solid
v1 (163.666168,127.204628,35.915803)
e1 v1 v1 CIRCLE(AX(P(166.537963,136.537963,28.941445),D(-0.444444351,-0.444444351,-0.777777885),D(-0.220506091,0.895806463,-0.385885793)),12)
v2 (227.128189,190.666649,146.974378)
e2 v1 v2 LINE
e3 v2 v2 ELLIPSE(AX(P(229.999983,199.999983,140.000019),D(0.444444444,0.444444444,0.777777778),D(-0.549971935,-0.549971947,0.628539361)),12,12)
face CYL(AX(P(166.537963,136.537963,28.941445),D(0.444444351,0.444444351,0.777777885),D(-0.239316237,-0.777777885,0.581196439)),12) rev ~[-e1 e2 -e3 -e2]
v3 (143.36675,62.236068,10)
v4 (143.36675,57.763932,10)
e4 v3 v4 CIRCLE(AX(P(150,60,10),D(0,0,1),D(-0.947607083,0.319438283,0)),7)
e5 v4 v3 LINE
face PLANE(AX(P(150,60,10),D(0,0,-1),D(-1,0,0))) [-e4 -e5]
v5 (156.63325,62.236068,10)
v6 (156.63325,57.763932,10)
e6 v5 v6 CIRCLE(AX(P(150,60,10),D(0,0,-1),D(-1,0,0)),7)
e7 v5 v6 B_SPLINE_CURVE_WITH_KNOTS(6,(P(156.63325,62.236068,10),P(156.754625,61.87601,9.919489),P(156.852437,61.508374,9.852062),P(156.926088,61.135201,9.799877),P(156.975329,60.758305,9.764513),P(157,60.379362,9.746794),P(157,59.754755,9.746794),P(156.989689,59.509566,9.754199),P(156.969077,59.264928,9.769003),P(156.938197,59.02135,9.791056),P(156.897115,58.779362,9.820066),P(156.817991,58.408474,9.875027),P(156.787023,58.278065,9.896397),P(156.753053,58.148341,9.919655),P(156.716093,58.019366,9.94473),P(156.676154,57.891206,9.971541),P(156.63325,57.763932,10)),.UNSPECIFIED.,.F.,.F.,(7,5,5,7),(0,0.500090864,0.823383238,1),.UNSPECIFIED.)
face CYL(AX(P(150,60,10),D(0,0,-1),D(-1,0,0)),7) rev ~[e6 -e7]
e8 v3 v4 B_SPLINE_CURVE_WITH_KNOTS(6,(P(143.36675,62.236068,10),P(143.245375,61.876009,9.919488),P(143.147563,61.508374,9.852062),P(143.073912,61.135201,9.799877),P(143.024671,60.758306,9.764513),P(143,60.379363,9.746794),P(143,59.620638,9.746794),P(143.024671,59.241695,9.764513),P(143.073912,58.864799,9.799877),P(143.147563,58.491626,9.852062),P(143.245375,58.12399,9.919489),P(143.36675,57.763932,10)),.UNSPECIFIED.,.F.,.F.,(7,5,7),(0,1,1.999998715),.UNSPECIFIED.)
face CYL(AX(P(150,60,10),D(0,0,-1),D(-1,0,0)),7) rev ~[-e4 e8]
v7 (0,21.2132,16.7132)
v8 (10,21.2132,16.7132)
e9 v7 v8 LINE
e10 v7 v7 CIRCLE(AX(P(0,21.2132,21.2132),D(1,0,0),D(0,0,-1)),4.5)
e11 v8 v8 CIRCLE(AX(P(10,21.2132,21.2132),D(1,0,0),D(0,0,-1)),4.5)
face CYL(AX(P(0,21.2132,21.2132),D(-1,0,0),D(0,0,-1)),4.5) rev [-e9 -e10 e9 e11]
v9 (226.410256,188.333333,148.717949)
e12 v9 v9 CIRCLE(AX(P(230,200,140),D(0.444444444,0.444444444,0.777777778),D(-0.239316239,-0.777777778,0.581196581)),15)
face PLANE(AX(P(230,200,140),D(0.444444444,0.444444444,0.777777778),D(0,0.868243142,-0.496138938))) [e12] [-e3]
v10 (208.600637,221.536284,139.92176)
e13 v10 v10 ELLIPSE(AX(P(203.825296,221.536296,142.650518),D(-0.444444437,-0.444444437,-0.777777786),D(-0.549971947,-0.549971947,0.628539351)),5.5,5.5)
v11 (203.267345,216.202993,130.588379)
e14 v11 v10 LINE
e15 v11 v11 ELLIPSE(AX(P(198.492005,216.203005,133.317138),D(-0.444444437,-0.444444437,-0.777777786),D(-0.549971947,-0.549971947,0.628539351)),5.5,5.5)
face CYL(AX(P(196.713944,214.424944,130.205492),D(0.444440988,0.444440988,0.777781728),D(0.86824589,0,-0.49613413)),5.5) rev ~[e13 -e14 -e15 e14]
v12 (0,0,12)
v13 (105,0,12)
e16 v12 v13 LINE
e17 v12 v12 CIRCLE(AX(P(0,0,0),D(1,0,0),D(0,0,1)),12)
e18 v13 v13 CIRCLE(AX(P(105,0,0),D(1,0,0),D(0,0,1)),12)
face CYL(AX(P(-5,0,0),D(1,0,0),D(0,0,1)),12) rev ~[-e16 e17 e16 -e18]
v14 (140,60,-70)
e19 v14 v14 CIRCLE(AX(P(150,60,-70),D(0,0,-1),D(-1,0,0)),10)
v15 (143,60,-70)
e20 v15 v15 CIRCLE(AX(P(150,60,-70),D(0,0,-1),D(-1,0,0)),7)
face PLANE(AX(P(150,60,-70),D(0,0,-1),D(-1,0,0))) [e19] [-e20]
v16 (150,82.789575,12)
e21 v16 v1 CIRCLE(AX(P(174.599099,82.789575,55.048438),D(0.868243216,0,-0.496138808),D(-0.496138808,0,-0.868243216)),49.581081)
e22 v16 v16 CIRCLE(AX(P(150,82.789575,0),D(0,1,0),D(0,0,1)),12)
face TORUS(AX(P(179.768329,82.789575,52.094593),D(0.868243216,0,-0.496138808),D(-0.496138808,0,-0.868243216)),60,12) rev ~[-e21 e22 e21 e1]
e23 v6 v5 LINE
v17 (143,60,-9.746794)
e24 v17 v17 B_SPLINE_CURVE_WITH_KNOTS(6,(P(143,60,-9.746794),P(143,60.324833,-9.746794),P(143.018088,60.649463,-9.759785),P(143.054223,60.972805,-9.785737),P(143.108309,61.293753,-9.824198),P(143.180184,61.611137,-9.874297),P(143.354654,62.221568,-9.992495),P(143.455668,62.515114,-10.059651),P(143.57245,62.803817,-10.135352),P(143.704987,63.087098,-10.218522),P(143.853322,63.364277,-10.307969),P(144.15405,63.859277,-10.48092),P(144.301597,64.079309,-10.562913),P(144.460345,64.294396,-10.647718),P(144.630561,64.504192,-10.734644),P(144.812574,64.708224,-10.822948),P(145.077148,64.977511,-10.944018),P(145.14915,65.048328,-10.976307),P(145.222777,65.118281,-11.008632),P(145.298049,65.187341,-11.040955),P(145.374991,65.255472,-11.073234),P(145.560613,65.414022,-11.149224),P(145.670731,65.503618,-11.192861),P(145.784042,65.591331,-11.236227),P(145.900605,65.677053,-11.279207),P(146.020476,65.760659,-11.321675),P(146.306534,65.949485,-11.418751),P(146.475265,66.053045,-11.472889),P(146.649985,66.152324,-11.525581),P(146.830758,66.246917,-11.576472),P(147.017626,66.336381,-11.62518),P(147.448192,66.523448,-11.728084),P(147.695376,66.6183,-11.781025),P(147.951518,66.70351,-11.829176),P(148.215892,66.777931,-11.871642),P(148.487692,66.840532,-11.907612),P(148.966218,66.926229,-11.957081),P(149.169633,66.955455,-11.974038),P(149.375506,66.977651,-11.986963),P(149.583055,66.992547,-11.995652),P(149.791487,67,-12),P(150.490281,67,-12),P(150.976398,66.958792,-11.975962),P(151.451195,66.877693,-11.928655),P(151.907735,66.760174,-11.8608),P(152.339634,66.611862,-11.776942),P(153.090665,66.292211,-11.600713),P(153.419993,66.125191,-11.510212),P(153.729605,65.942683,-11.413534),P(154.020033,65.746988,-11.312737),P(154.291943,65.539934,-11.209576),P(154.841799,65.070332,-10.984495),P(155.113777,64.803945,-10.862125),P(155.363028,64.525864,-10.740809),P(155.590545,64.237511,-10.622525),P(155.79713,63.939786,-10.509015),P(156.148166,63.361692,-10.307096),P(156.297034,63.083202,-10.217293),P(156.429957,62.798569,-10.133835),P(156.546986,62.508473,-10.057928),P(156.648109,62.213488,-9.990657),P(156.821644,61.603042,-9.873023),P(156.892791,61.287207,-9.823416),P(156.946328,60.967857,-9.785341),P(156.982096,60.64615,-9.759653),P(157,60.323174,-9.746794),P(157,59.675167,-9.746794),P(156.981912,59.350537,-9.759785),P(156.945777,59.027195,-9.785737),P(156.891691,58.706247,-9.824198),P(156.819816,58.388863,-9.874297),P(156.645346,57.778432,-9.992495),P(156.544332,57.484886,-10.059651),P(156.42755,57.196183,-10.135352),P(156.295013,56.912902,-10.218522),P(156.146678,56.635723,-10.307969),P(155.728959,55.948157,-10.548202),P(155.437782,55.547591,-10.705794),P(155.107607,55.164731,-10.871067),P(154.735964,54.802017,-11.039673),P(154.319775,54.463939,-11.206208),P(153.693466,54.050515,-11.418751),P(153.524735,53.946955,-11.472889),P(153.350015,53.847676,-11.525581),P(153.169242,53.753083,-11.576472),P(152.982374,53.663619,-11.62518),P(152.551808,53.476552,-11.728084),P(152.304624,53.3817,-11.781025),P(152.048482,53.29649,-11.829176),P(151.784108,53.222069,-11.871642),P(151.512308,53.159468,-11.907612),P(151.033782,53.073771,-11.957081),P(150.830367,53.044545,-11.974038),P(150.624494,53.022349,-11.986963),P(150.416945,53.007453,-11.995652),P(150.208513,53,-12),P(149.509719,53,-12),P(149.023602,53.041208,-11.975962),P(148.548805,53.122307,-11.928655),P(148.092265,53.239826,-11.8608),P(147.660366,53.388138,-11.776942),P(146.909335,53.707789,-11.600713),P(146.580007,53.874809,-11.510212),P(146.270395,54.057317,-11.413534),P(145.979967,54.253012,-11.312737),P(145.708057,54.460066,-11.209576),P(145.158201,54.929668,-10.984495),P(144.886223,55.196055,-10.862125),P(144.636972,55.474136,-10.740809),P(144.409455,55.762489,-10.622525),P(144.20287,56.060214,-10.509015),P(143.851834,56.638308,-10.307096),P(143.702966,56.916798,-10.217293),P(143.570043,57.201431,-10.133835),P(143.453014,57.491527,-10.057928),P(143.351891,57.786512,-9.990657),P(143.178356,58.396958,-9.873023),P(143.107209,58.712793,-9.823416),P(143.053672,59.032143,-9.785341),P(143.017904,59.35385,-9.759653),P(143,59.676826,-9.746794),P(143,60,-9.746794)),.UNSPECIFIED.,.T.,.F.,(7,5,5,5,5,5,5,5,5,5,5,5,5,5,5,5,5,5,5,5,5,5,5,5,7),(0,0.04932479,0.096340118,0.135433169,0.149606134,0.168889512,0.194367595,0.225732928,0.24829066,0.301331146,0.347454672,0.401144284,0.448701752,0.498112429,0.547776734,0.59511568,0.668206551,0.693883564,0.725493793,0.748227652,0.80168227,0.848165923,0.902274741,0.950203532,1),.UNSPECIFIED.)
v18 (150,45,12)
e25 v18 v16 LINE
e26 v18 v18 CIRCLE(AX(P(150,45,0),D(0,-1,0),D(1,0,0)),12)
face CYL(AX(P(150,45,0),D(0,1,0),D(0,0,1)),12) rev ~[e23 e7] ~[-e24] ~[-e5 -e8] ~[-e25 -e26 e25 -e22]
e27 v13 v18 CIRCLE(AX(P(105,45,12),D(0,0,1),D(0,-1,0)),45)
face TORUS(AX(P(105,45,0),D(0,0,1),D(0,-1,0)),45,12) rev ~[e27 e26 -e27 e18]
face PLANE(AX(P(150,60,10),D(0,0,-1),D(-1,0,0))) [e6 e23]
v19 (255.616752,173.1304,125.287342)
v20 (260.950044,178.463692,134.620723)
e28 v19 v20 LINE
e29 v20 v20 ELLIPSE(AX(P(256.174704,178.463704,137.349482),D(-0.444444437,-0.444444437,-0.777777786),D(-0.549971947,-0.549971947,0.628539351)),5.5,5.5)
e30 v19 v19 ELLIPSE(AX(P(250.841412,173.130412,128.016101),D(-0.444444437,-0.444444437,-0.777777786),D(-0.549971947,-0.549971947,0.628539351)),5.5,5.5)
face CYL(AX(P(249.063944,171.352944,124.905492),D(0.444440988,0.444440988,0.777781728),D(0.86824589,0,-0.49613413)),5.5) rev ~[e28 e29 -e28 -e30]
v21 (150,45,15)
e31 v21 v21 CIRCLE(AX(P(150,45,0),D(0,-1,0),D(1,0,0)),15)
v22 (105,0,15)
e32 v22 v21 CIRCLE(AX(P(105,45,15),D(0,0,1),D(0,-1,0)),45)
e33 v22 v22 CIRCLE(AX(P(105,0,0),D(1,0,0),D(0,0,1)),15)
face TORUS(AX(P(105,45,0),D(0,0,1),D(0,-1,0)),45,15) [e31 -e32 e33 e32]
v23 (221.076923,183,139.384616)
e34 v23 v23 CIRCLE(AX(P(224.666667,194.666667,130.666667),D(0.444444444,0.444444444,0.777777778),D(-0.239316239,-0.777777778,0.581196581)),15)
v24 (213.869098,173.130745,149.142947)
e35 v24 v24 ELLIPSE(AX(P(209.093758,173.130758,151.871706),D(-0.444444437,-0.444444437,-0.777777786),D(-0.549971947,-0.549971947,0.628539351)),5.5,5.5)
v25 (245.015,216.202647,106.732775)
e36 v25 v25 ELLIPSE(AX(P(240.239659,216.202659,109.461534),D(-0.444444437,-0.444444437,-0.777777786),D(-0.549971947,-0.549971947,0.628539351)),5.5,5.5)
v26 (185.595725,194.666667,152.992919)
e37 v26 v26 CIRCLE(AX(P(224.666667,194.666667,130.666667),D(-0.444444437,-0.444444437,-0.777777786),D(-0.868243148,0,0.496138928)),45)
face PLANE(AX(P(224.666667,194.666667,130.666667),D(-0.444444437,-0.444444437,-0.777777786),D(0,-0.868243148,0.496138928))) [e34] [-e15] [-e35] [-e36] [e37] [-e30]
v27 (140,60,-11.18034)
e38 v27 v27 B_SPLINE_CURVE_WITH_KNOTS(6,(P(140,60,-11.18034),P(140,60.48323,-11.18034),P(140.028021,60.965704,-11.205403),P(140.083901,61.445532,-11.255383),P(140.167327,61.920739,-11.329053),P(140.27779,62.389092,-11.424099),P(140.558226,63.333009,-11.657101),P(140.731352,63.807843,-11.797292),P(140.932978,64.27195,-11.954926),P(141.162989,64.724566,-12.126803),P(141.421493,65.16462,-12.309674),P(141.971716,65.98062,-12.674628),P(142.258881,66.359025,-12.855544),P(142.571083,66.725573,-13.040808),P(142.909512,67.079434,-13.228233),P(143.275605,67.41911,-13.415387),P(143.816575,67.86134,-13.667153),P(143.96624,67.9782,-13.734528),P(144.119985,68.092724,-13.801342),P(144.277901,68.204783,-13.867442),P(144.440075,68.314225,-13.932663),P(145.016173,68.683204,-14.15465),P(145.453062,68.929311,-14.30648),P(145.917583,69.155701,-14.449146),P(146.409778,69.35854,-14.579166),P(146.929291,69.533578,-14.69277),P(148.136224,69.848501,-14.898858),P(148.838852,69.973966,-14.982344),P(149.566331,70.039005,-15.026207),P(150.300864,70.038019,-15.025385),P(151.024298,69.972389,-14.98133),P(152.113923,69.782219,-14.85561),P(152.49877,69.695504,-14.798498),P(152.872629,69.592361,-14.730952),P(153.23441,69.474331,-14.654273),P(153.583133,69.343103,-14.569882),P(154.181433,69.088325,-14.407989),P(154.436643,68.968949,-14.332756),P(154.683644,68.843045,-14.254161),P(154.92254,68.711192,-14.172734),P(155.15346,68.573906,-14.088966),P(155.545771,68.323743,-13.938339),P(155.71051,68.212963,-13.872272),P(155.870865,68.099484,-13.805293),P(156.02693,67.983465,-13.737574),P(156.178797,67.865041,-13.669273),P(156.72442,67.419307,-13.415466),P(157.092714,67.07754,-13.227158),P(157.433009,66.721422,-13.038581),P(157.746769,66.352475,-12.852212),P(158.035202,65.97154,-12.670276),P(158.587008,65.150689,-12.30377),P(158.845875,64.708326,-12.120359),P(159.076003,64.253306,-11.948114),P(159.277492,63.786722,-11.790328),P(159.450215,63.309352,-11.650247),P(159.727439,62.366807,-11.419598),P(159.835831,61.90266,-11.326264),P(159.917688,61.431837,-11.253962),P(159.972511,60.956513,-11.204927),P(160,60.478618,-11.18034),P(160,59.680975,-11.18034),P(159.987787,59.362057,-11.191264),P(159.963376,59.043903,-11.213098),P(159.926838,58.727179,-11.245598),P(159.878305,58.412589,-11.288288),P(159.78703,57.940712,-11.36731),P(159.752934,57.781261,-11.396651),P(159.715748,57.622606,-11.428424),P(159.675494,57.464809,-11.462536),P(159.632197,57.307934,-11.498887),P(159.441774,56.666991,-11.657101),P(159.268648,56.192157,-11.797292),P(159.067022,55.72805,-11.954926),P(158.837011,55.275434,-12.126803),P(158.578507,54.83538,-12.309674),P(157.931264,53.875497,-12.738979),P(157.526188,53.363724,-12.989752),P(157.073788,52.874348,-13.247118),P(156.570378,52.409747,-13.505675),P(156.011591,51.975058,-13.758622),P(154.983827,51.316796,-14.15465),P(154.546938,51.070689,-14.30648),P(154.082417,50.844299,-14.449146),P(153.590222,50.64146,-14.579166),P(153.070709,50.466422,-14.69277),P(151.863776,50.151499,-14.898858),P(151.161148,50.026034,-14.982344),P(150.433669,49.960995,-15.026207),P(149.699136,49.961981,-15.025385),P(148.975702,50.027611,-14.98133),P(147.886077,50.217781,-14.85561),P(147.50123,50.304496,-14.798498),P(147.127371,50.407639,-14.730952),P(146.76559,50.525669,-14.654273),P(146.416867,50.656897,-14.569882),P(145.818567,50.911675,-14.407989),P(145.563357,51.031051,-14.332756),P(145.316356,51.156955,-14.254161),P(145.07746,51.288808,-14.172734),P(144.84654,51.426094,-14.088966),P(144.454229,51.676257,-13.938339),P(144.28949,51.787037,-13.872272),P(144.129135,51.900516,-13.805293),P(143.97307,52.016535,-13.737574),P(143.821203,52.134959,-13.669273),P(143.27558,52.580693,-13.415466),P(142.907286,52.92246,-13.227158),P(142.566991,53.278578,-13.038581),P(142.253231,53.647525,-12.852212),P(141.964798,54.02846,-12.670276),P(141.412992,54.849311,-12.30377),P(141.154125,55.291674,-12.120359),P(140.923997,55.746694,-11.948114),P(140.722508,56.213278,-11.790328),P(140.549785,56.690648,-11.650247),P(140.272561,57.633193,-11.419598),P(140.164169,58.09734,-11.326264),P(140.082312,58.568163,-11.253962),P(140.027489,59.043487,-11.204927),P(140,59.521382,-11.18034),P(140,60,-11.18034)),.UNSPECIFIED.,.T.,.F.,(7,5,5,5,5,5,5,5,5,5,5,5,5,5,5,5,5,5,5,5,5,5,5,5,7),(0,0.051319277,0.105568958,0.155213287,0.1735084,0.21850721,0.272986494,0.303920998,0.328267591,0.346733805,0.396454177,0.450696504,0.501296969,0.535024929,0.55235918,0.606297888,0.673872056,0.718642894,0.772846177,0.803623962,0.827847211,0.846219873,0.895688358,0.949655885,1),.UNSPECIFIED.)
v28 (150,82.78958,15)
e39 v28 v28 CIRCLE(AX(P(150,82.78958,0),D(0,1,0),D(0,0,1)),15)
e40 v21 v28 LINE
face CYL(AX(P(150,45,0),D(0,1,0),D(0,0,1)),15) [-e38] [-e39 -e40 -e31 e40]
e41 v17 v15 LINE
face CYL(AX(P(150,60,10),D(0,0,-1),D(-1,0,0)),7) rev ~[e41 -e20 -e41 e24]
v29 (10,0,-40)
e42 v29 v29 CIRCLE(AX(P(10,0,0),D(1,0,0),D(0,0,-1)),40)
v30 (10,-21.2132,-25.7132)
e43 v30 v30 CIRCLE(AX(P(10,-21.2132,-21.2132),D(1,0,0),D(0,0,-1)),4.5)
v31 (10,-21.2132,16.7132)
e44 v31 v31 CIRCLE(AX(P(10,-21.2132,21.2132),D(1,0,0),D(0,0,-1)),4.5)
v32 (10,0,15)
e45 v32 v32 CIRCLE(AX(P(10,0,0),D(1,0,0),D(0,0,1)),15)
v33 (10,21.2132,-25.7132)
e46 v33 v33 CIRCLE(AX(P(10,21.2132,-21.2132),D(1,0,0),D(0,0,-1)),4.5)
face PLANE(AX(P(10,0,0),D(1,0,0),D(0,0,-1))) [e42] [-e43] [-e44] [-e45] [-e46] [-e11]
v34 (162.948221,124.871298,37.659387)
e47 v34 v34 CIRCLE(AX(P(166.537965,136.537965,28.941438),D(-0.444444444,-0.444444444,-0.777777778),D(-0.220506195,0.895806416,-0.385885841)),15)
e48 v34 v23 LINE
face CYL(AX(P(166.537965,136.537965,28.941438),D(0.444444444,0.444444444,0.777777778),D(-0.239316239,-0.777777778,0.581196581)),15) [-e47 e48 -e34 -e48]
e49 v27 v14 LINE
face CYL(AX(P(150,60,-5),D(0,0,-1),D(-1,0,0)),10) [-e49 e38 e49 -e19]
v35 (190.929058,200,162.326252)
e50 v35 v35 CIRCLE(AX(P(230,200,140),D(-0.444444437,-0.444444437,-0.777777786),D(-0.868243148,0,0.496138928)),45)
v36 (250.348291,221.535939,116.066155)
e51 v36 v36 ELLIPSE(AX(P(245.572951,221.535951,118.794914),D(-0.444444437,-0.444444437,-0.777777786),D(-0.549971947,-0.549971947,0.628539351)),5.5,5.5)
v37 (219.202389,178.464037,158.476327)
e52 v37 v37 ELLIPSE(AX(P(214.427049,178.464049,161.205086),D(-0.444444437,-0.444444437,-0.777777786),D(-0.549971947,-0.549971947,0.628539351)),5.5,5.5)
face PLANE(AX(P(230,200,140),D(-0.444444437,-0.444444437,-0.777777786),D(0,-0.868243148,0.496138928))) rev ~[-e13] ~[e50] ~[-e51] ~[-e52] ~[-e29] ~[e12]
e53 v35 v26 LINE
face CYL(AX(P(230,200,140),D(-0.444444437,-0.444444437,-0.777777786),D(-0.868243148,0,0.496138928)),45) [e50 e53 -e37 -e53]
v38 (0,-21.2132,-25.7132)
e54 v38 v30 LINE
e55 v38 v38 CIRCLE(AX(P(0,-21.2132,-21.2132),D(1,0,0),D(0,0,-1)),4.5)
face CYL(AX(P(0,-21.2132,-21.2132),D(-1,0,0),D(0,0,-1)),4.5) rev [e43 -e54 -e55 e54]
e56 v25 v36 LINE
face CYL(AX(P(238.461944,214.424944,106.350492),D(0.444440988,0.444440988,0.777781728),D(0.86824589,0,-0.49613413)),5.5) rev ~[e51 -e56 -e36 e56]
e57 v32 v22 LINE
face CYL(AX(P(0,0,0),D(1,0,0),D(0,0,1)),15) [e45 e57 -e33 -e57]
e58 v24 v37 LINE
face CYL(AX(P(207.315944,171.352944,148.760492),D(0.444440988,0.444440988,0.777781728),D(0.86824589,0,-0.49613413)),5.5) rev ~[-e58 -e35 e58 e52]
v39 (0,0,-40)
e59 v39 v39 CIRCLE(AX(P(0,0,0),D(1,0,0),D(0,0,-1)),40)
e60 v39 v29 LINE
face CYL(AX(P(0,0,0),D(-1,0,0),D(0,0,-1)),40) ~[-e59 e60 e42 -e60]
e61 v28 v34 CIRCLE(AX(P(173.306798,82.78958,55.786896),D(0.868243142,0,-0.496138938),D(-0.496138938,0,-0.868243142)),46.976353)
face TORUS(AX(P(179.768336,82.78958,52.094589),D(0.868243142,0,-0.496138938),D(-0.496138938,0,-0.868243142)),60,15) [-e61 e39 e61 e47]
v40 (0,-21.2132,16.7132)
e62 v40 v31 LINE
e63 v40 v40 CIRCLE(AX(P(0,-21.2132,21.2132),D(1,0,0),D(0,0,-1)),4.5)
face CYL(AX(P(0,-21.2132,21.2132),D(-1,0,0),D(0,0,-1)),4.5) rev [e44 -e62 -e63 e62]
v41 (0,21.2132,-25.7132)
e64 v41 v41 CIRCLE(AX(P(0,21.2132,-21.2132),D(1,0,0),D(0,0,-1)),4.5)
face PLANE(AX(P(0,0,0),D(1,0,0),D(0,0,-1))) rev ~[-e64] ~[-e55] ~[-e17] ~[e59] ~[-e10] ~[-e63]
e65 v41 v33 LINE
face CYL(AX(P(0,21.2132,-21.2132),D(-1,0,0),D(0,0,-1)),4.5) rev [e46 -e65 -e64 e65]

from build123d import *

# Parameters (mm, degrees)
SWEEP_2_PROFILE_R   = 15
SKETCH_2_R          = 40
EXTRUDE_1_DEPTH     = 10
SWEEP_4_PROFILE_R   = 45
SWEEP_6_PROFILE_R   = 10
SWEEP_2_2_PROFILE_R = 12
SKETCH_7_R          = 4.5
CUT_EXTRUDE_1_DEPTH = 10
SWEEP_14_PROFILE_R  = 5.5
SWEEP_16_PROFILE_R  = 5.5
SWEEP_18_PROFILE_R  = 5.5
SWEEP_20_PROFILE_R  = 5.5
SWEEP_24_PROFILE_R  = 7


with BuildPart() as part:
    # Sweep 2: sweep along a curve in space
    with BuildLine() as sweep_2_path:
        Line((0, 0, 0), (105, 0, 0))
        ThreePointArc((105, 0, 0), (136.819805153, 13.180194847, 0), (150, 45, 0))
        Line((150, 45, 0), (150, 82.789579623, 0))
        ThreePointArc((150, 82.789579623, 0), (154.47011502, 114.412356225, 7.822701285), (166.537964612, 136.537964612, 28.941438071))
        Line((166.537964612, 136.537964612, 28.941438071), (230, 200, 140))
    # Sweep 2 profile (on start of the path) → Sweep 2 (sweep)
    with BuildSketch(Plane(origin=(0, 0, 0), x_dir=(0, 0, 1), z_dir=(1, 0, 0))):
        Circle(SWEEP_2_PROFILE_R)
    sweep(path=sweep_2_path.line)

    # 草图2 → 凸台-拉伸1 (add)
    with BuildSketch(Plane(origin=(0, 0, 0), x_dir=(0, 0, -1), z_dir=(1, 0, 0))):
        Circle(SKETCH_2_R)
    extrude(amount=EXTRUDE_1_DEPTH)

    # 扫描4: sweep along a curve in space
    with BuildLine() as sweep_4_path:
        Line((230, 200, 140), (224.666667, 194.666667, 130.666667))
    # 扫描4 profile (on start of the path) → 扫描4 (sweep)
    with BuildSketch(Plane(origin=(230, 200, 140), x_dir=(-0.8682431478491394, 0, 0.4961389283386436), z_dir=(-0.4444444372427982, -0.4444444372427982, -0.7777777860082306))):
        Circle(SWEEP_4_PROFILE_R)
    sweep(path=sweep_4_path.line)

    # 扫描6: sweep along a curve in space
    with BuildLine() as sweep_6_path:
        Line((150, 60, -5), (150, 60, -70))
    # 扫描6 profile (on start of the path) → 扫描6 (sweep)
    with BuildSketch(Plane(origin=(150, 60, -5), x_dir=(-1, 0, 0), z_dir=(0, 0, -1))):
        Circle(SWEEP_6_PROFILE_R)
    sweep(path=sweep_6_path.line)

    # Sweep 2 2: sweep along a curve in space
    with BuildLine() as sweep_2_2_path:
        Line((-5, 0, 0), (105, 0, 0))
        ThreePointArc((105, 0, 0), (136.819805153, 13.180194847, 0), (150, 45, 0))
        Line((150, 45, 0), (150, 82.789575291, 0))
        ThreePointArc((150, 82.789575291, 0), (154.470114667, 114.412354552, 7.822703386), (166.537963061, 136.537963061, 28.941445413))
        Line((166.537963061, 136.537963061, 28.941445413), (232.2222, 202.2222, 143.8889))
    # Sweep 2 2 profile (on start of the path) → Sweep 2 2 (sweep, cut)
    with BuildSketch(Plane(origin=(-5, 0, 0), x_dir=(0, 0, 1), z_dir=(1, 0, 0))):
        Circle(SWEEP_2_2_PROFILE_R)
    sweep(path=sweep_2_2_path.line, mode=Mode.SUBTRACT)

    # 草图7 → 切除-拉伸1 (cut)
    with BuildSketch(Plane(origin=(0, 0, 0), x_dir=(0, 0, -1), z_dir=(1, 0, 0))):
        with Locations((-21.2132, 21.2132)):
            Circle(SKETCH_7_R)
        with Locations((21.2132, 21.2132)):
            Circle(SKETCH_7_R)
        with Locations((21.2132, -21.2132)):
            Circle(SKETCH_7_R)
        with Locations((-21.2132, -21.2132)):
            Circle(SKETCH_7_R)
    extrude(amount=CUT_EXTRUDE_1_DEPTH, mode=Mode.SUBTRACT)

    # 切除-扫描14: sweep along a curve in space
    with BuildLine() as sweep_14_path:
        Line((196.713944, 214.424944, 130.205492), (205.602764, 223.313764, 145.761127))
    # 切除-扫描14 profile (on start of the path) → 切除-扫描14 (sweep, cut)
    with BuildSketch(Plane(origin=(196.713944, 214.424944, 130.205492), x_dir=(0.8682458899522337, 0, -0.4961341296273152), z_dir=(0.4444409876456375, 0.4444409876456375, 0.777781728379589))):
        Circle(SWEEP_14_PROFILE_R)
    sweep(path=sweep_14_path.line, mode=Mode.SUBTRACT)

    # 切除-扫描16: sweep along a curve in space
    with BuildLine() as sweep_16_path:
        Line((238.461944, 214.424944, 106.350492), (247.350764, 223.313764, 121.906127))
    # 切除-扫描16 profile (on start of the path) → 切除-扫描16 (sweep, cut)
    with BuildSketch(Plane(origin=(238.461944, 214.424944, 106.350492), x_dir=(0.8682458899522337, 0, -0.4961341296273152), z_dir=(0.4444409876456375, 0.4444409876456375, 0.777781728379589))):
        Circle(SWEEP_16_PROFILE_R)
    sweep(path=sweep_16_path.line, mode=Mode.SUBTRACT)

    # 切除-扫描18: sweep along a curve in space
    with BuildLine() as sweep_18_path:
        Line((207.315944, 171.352944, 148.760492), (216.204764, 180.241764, 164.316127))
    # 切除-扫描18 profile (on start of the path) → 切除-扫描18 (sweep, cut)
    with BuildSketch(Plane(origin=(207.315944, 171.352944, 148.760492), x_dir=(0.8682458899522337, 0, -0.4961341296273152), z_dir=(0.4444409876456375, 0.4444409876456375, 0.777781728379589))):
        Circle(SWEEP_18_PROFILE_R)
    sweep(path=sweep_18_path.line, mode=Mode.SUBTRACT)

    # 切除-扫描20: sweep along a curve in space
    with BuildLine() as sweep_20_path:
        Line((249.063944, 171.352944, 124.905492), (257.952764, 180.241764, 140.461127))
    # 切除-扫描20 profile (on start of the path) → 切除-扫描20 (sweep, cut)
    with BuildSketch(Plane(origin=(249.063944, 171.352944, 124.905492), x_dir=(0.8682458899522337, 0, -0.4961341296273152), z_dir=(0.4444409876456375, 0.4444409876456375, 0.777781728379589))):
        Circle(SWEEP_20_PROFILE_R)
    sweep(path=sweep_20_path.line, mode=Mode.SUBTRACT)

    # 切除-扫描24: sweep along a curve in space
    with BuildLine() as sweep_24_path:
        Line((150, 60, 10), (150, 60, -70))
    # 切除-扫描24 profile (on start of the path) → 切除-扫描24 (sweep, cut)
    with BuildSketch(Plane(origin=(150, 60, 10), x_dir=(-1, 0, 0), z_dir=(0, 0, -1))):
        Circle(SWEEP_24_PROFILE_R)
    sweep(path=sweep_24_path.line, mode=Mode.SUBTRACT)


solid = part.part
